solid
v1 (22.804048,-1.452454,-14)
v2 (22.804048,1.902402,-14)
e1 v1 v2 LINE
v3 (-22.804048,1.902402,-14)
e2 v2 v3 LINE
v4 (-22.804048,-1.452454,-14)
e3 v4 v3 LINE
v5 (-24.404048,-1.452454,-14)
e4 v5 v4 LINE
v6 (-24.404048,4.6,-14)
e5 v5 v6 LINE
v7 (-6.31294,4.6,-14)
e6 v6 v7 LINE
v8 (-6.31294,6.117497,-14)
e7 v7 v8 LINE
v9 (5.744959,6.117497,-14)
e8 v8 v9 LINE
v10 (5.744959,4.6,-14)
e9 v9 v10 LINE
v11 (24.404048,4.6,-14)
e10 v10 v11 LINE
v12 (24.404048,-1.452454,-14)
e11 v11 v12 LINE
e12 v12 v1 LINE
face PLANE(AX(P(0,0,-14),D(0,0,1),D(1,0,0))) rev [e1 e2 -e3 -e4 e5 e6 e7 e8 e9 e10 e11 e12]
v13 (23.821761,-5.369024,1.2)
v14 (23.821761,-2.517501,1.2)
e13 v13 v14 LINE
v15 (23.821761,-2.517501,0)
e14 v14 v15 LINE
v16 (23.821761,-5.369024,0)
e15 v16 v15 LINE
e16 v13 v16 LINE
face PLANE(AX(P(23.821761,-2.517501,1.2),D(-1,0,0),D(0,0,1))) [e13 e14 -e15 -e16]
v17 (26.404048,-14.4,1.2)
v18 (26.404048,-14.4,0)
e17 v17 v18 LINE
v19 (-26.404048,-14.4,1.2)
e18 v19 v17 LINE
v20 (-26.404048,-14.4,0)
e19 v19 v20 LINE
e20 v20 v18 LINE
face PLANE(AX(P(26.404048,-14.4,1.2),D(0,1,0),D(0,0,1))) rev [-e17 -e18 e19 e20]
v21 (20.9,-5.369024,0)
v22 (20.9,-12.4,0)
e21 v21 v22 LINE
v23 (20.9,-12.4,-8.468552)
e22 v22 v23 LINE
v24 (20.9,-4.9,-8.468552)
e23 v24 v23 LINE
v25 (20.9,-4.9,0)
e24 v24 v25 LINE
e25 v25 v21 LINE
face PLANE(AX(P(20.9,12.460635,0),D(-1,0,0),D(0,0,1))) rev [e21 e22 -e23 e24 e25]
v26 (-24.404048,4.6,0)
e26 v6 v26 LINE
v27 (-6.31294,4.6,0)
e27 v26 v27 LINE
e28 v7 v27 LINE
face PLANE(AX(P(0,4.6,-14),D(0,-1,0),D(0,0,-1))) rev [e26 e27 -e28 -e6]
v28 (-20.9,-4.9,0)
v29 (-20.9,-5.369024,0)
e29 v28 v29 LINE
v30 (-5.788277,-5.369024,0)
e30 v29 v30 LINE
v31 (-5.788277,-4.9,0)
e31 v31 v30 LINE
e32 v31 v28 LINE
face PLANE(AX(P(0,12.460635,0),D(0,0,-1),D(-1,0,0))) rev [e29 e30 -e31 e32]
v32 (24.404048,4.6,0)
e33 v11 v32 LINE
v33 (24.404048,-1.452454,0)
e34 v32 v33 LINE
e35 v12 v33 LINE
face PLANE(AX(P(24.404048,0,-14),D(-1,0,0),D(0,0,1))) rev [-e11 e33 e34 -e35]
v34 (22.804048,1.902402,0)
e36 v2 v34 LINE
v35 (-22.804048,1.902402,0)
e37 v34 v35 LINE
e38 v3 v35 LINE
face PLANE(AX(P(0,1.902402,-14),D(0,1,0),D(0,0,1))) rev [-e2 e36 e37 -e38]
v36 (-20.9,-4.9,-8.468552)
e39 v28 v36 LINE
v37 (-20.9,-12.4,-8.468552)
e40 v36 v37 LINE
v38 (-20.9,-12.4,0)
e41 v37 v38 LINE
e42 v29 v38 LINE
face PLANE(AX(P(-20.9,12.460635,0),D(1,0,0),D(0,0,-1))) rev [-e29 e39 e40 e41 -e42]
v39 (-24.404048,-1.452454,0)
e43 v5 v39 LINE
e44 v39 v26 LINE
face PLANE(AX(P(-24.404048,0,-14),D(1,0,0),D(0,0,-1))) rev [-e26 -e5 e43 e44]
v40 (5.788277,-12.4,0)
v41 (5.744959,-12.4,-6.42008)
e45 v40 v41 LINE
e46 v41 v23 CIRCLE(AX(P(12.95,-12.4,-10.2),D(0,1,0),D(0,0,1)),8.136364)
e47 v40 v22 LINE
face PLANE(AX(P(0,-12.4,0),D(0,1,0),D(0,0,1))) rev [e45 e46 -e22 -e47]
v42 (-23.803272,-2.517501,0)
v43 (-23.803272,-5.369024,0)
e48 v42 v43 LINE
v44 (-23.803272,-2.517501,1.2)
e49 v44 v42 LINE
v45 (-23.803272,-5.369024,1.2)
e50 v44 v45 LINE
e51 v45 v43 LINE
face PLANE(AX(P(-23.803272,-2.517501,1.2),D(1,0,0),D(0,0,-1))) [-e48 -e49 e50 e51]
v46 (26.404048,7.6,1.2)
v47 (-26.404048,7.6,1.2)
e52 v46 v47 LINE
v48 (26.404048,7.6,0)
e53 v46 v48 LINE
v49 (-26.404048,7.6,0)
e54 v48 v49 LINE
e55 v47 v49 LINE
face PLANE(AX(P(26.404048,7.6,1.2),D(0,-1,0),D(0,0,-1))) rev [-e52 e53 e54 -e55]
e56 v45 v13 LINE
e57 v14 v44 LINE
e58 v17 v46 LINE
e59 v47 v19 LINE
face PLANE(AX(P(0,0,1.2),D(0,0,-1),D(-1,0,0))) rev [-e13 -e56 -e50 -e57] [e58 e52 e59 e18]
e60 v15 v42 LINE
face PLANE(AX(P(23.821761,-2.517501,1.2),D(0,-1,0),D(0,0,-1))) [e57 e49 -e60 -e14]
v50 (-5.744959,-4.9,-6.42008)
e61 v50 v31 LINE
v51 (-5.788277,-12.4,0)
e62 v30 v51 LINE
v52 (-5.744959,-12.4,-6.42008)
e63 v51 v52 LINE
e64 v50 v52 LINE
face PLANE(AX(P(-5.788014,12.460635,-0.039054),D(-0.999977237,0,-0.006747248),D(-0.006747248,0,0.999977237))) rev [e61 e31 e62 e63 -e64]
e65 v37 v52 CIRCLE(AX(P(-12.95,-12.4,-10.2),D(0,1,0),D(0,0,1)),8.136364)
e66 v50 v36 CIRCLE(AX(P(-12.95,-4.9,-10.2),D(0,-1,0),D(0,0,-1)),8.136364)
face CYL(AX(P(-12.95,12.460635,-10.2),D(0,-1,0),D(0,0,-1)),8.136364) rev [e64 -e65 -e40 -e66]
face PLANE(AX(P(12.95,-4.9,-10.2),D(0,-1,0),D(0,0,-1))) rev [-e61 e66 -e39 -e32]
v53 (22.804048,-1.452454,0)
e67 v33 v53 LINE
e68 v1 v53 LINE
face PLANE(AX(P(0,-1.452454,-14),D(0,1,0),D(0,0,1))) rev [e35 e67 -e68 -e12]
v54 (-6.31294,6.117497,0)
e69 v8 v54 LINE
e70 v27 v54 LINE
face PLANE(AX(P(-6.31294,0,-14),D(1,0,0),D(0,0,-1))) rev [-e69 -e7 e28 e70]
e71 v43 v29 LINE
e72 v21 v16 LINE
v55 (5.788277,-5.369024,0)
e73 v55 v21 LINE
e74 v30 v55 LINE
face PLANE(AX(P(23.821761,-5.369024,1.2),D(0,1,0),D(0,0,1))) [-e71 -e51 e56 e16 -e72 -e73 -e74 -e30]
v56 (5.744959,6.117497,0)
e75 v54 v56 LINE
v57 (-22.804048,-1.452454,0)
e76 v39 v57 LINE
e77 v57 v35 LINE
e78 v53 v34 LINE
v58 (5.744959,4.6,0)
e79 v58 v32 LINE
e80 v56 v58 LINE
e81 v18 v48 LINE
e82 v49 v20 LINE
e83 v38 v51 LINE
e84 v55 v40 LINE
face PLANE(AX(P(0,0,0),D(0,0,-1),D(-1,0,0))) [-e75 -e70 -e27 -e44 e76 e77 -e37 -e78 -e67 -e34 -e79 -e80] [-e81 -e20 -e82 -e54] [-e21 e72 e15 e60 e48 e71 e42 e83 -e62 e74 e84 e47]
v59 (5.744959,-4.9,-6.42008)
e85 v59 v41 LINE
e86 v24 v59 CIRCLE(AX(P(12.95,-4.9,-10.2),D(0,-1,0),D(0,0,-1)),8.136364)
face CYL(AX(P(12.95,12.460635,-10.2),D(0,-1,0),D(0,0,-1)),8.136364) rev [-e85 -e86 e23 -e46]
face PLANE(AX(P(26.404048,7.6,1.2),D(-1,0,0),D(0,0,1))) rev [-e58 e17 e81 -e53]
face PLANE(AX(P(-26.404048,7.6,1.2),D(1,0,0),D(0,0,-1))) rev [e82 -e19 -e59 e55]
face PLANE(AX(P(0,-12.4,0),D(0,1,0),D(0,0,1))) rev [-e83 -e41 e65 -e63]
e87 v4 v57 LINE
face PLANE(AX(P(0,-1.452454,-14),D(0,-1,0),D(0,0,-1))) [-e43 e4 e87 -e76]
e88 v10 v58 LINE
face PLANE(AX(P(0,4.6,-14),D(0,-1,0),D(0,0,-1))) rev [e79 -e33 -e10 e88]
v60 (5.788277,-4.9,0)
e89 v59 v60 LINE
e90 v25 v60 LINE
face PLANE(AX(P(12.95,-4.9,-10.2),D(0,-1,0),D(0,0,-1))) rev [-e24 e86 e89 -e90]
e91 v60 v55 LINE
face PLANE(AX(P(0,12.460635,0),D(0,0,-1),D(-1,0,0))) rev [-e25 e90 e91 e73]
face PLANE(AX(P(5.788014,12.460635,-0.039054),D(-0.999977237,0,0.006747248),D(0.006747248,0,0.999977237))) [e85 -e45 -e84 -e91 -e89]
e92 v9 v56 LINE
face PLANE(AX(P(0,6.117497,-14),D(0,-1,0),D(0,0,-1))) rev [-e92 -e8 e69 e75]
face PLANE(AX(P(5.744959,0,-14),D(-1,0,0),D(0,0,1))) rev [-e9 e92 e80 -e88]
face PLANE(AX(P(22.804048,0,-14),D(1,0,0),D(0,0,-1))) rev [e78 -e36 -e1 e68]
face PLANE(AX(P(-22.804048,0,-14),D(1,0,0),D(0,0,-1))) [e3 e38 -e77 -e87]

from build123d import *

# Parameters (mm, degrees)
SALIENTE_EXTRUIR1_DEPTH   = 7.5
SALIENTE_EXTRUIR1_2_DEPTH = 7.5
SALIENTE_EXTRUIR2_DEPTH   = 14
CROQUIS4_W                = 52.808095268
CROQUIS4_H                = 22
CROQUIS4_W_2              = 47.625032345
CROQUIS4_H_2              = 2.85152228
SALIENTE_EXTRUIR3_DEPTH   = 1.2


with BuildPart() as part:
    # Croquis2 → Saliente-Extruir1 (new body)
    with BuildSketch(Plane(origin=(0, -12.4, 0), x_dir=(1, 0, 0), z_dir=(0, 1, 0))):
        with BuildLine():
            Line((20.9, 0), (20.9, 8.468551509))
            ThreePointArc((20.9, 8.468551509), (14.039862076, 2.13695997), (5.744958612, 6.420080362))
            Line((5.744958612, 6.420080362), (5.788277469, 0))
            Line((5.788277469, 0), (20.9, 0))
        make_face()
    extrude(amount=SALIENTE_EXTRUIR1_DEPTH)



with BuildPart() as body_2:
    # Croquis2 → Saliente-Extruir1 2 (new body)
    with BuildSketch(Plane(origin=(0, -12.4, 0), x_dir=(1, 0, 0), z_dir=(0, 1, 0))):
        with BuildLine():
            ThreePointArc((-20.9, 8.468551509), (-14.039862076, 2.13695997), (-5.744958612, 6.420080362))
            Line((-5.744958612, 6.420080362), (-5.788277469, 0))
            Line((-5.788277469, 0), (-20.9, 0))
            Line((-20.9, 0), (-20.9, 8.468551509))
        make_face()
    extrude(amount=SALIENTE_EXTRUIR1_2_DEPTH)


with BuildPart() as body_3:
    # Croquis3 → Saliente-Extruir2 (new body)
    with BuildSketch(Plane.XY):
        Polygon((24.404047634, 4.6), (24.404047634, 1.902402318), (24.404047634, -1.452453504), (22.804047634, -1.452453504), (22.804047634, 1.902402318), (-22.804047634, 1.902402318), (-22.804047634, -1.452453504), (-24.404047634, -1.452453504), (-24.404047634, 1.902402318), (-24.404047634, 4.6), (-6.312940469, 4.6), (-6.312940469, 6.117496706), (5.744958612, 6.117496706), (5.744958612, 4.6), align=None)
    extrude(amount=-SALIENTE_EXTRUIR2_DEPTH)


with BuildPart() as part_1:
    add(part.part)

    add(body_2.part)  # Saliente-Extruir3 merges body 2

    add(body_3.part)  # Saliente-Extruir3 merges body 3
    # Croquis4 → Saliente-Extruir3 (add)
    with BuildSketch(Plane.XY):
        with Locations((0, -3.4)):
            Rectangle(CROQUIS4_W, CROQUIS4_H)
        with Locations((0.009244494, -3.943262508)):
            Rectangle(CROQUIS4_W_2, CROQUIS4_H_2, mode=Mode.SUBTRACT)
    extrude(amount=SALIENTE_EXTRUIR3_DEPTH)


solid = part_1.part
